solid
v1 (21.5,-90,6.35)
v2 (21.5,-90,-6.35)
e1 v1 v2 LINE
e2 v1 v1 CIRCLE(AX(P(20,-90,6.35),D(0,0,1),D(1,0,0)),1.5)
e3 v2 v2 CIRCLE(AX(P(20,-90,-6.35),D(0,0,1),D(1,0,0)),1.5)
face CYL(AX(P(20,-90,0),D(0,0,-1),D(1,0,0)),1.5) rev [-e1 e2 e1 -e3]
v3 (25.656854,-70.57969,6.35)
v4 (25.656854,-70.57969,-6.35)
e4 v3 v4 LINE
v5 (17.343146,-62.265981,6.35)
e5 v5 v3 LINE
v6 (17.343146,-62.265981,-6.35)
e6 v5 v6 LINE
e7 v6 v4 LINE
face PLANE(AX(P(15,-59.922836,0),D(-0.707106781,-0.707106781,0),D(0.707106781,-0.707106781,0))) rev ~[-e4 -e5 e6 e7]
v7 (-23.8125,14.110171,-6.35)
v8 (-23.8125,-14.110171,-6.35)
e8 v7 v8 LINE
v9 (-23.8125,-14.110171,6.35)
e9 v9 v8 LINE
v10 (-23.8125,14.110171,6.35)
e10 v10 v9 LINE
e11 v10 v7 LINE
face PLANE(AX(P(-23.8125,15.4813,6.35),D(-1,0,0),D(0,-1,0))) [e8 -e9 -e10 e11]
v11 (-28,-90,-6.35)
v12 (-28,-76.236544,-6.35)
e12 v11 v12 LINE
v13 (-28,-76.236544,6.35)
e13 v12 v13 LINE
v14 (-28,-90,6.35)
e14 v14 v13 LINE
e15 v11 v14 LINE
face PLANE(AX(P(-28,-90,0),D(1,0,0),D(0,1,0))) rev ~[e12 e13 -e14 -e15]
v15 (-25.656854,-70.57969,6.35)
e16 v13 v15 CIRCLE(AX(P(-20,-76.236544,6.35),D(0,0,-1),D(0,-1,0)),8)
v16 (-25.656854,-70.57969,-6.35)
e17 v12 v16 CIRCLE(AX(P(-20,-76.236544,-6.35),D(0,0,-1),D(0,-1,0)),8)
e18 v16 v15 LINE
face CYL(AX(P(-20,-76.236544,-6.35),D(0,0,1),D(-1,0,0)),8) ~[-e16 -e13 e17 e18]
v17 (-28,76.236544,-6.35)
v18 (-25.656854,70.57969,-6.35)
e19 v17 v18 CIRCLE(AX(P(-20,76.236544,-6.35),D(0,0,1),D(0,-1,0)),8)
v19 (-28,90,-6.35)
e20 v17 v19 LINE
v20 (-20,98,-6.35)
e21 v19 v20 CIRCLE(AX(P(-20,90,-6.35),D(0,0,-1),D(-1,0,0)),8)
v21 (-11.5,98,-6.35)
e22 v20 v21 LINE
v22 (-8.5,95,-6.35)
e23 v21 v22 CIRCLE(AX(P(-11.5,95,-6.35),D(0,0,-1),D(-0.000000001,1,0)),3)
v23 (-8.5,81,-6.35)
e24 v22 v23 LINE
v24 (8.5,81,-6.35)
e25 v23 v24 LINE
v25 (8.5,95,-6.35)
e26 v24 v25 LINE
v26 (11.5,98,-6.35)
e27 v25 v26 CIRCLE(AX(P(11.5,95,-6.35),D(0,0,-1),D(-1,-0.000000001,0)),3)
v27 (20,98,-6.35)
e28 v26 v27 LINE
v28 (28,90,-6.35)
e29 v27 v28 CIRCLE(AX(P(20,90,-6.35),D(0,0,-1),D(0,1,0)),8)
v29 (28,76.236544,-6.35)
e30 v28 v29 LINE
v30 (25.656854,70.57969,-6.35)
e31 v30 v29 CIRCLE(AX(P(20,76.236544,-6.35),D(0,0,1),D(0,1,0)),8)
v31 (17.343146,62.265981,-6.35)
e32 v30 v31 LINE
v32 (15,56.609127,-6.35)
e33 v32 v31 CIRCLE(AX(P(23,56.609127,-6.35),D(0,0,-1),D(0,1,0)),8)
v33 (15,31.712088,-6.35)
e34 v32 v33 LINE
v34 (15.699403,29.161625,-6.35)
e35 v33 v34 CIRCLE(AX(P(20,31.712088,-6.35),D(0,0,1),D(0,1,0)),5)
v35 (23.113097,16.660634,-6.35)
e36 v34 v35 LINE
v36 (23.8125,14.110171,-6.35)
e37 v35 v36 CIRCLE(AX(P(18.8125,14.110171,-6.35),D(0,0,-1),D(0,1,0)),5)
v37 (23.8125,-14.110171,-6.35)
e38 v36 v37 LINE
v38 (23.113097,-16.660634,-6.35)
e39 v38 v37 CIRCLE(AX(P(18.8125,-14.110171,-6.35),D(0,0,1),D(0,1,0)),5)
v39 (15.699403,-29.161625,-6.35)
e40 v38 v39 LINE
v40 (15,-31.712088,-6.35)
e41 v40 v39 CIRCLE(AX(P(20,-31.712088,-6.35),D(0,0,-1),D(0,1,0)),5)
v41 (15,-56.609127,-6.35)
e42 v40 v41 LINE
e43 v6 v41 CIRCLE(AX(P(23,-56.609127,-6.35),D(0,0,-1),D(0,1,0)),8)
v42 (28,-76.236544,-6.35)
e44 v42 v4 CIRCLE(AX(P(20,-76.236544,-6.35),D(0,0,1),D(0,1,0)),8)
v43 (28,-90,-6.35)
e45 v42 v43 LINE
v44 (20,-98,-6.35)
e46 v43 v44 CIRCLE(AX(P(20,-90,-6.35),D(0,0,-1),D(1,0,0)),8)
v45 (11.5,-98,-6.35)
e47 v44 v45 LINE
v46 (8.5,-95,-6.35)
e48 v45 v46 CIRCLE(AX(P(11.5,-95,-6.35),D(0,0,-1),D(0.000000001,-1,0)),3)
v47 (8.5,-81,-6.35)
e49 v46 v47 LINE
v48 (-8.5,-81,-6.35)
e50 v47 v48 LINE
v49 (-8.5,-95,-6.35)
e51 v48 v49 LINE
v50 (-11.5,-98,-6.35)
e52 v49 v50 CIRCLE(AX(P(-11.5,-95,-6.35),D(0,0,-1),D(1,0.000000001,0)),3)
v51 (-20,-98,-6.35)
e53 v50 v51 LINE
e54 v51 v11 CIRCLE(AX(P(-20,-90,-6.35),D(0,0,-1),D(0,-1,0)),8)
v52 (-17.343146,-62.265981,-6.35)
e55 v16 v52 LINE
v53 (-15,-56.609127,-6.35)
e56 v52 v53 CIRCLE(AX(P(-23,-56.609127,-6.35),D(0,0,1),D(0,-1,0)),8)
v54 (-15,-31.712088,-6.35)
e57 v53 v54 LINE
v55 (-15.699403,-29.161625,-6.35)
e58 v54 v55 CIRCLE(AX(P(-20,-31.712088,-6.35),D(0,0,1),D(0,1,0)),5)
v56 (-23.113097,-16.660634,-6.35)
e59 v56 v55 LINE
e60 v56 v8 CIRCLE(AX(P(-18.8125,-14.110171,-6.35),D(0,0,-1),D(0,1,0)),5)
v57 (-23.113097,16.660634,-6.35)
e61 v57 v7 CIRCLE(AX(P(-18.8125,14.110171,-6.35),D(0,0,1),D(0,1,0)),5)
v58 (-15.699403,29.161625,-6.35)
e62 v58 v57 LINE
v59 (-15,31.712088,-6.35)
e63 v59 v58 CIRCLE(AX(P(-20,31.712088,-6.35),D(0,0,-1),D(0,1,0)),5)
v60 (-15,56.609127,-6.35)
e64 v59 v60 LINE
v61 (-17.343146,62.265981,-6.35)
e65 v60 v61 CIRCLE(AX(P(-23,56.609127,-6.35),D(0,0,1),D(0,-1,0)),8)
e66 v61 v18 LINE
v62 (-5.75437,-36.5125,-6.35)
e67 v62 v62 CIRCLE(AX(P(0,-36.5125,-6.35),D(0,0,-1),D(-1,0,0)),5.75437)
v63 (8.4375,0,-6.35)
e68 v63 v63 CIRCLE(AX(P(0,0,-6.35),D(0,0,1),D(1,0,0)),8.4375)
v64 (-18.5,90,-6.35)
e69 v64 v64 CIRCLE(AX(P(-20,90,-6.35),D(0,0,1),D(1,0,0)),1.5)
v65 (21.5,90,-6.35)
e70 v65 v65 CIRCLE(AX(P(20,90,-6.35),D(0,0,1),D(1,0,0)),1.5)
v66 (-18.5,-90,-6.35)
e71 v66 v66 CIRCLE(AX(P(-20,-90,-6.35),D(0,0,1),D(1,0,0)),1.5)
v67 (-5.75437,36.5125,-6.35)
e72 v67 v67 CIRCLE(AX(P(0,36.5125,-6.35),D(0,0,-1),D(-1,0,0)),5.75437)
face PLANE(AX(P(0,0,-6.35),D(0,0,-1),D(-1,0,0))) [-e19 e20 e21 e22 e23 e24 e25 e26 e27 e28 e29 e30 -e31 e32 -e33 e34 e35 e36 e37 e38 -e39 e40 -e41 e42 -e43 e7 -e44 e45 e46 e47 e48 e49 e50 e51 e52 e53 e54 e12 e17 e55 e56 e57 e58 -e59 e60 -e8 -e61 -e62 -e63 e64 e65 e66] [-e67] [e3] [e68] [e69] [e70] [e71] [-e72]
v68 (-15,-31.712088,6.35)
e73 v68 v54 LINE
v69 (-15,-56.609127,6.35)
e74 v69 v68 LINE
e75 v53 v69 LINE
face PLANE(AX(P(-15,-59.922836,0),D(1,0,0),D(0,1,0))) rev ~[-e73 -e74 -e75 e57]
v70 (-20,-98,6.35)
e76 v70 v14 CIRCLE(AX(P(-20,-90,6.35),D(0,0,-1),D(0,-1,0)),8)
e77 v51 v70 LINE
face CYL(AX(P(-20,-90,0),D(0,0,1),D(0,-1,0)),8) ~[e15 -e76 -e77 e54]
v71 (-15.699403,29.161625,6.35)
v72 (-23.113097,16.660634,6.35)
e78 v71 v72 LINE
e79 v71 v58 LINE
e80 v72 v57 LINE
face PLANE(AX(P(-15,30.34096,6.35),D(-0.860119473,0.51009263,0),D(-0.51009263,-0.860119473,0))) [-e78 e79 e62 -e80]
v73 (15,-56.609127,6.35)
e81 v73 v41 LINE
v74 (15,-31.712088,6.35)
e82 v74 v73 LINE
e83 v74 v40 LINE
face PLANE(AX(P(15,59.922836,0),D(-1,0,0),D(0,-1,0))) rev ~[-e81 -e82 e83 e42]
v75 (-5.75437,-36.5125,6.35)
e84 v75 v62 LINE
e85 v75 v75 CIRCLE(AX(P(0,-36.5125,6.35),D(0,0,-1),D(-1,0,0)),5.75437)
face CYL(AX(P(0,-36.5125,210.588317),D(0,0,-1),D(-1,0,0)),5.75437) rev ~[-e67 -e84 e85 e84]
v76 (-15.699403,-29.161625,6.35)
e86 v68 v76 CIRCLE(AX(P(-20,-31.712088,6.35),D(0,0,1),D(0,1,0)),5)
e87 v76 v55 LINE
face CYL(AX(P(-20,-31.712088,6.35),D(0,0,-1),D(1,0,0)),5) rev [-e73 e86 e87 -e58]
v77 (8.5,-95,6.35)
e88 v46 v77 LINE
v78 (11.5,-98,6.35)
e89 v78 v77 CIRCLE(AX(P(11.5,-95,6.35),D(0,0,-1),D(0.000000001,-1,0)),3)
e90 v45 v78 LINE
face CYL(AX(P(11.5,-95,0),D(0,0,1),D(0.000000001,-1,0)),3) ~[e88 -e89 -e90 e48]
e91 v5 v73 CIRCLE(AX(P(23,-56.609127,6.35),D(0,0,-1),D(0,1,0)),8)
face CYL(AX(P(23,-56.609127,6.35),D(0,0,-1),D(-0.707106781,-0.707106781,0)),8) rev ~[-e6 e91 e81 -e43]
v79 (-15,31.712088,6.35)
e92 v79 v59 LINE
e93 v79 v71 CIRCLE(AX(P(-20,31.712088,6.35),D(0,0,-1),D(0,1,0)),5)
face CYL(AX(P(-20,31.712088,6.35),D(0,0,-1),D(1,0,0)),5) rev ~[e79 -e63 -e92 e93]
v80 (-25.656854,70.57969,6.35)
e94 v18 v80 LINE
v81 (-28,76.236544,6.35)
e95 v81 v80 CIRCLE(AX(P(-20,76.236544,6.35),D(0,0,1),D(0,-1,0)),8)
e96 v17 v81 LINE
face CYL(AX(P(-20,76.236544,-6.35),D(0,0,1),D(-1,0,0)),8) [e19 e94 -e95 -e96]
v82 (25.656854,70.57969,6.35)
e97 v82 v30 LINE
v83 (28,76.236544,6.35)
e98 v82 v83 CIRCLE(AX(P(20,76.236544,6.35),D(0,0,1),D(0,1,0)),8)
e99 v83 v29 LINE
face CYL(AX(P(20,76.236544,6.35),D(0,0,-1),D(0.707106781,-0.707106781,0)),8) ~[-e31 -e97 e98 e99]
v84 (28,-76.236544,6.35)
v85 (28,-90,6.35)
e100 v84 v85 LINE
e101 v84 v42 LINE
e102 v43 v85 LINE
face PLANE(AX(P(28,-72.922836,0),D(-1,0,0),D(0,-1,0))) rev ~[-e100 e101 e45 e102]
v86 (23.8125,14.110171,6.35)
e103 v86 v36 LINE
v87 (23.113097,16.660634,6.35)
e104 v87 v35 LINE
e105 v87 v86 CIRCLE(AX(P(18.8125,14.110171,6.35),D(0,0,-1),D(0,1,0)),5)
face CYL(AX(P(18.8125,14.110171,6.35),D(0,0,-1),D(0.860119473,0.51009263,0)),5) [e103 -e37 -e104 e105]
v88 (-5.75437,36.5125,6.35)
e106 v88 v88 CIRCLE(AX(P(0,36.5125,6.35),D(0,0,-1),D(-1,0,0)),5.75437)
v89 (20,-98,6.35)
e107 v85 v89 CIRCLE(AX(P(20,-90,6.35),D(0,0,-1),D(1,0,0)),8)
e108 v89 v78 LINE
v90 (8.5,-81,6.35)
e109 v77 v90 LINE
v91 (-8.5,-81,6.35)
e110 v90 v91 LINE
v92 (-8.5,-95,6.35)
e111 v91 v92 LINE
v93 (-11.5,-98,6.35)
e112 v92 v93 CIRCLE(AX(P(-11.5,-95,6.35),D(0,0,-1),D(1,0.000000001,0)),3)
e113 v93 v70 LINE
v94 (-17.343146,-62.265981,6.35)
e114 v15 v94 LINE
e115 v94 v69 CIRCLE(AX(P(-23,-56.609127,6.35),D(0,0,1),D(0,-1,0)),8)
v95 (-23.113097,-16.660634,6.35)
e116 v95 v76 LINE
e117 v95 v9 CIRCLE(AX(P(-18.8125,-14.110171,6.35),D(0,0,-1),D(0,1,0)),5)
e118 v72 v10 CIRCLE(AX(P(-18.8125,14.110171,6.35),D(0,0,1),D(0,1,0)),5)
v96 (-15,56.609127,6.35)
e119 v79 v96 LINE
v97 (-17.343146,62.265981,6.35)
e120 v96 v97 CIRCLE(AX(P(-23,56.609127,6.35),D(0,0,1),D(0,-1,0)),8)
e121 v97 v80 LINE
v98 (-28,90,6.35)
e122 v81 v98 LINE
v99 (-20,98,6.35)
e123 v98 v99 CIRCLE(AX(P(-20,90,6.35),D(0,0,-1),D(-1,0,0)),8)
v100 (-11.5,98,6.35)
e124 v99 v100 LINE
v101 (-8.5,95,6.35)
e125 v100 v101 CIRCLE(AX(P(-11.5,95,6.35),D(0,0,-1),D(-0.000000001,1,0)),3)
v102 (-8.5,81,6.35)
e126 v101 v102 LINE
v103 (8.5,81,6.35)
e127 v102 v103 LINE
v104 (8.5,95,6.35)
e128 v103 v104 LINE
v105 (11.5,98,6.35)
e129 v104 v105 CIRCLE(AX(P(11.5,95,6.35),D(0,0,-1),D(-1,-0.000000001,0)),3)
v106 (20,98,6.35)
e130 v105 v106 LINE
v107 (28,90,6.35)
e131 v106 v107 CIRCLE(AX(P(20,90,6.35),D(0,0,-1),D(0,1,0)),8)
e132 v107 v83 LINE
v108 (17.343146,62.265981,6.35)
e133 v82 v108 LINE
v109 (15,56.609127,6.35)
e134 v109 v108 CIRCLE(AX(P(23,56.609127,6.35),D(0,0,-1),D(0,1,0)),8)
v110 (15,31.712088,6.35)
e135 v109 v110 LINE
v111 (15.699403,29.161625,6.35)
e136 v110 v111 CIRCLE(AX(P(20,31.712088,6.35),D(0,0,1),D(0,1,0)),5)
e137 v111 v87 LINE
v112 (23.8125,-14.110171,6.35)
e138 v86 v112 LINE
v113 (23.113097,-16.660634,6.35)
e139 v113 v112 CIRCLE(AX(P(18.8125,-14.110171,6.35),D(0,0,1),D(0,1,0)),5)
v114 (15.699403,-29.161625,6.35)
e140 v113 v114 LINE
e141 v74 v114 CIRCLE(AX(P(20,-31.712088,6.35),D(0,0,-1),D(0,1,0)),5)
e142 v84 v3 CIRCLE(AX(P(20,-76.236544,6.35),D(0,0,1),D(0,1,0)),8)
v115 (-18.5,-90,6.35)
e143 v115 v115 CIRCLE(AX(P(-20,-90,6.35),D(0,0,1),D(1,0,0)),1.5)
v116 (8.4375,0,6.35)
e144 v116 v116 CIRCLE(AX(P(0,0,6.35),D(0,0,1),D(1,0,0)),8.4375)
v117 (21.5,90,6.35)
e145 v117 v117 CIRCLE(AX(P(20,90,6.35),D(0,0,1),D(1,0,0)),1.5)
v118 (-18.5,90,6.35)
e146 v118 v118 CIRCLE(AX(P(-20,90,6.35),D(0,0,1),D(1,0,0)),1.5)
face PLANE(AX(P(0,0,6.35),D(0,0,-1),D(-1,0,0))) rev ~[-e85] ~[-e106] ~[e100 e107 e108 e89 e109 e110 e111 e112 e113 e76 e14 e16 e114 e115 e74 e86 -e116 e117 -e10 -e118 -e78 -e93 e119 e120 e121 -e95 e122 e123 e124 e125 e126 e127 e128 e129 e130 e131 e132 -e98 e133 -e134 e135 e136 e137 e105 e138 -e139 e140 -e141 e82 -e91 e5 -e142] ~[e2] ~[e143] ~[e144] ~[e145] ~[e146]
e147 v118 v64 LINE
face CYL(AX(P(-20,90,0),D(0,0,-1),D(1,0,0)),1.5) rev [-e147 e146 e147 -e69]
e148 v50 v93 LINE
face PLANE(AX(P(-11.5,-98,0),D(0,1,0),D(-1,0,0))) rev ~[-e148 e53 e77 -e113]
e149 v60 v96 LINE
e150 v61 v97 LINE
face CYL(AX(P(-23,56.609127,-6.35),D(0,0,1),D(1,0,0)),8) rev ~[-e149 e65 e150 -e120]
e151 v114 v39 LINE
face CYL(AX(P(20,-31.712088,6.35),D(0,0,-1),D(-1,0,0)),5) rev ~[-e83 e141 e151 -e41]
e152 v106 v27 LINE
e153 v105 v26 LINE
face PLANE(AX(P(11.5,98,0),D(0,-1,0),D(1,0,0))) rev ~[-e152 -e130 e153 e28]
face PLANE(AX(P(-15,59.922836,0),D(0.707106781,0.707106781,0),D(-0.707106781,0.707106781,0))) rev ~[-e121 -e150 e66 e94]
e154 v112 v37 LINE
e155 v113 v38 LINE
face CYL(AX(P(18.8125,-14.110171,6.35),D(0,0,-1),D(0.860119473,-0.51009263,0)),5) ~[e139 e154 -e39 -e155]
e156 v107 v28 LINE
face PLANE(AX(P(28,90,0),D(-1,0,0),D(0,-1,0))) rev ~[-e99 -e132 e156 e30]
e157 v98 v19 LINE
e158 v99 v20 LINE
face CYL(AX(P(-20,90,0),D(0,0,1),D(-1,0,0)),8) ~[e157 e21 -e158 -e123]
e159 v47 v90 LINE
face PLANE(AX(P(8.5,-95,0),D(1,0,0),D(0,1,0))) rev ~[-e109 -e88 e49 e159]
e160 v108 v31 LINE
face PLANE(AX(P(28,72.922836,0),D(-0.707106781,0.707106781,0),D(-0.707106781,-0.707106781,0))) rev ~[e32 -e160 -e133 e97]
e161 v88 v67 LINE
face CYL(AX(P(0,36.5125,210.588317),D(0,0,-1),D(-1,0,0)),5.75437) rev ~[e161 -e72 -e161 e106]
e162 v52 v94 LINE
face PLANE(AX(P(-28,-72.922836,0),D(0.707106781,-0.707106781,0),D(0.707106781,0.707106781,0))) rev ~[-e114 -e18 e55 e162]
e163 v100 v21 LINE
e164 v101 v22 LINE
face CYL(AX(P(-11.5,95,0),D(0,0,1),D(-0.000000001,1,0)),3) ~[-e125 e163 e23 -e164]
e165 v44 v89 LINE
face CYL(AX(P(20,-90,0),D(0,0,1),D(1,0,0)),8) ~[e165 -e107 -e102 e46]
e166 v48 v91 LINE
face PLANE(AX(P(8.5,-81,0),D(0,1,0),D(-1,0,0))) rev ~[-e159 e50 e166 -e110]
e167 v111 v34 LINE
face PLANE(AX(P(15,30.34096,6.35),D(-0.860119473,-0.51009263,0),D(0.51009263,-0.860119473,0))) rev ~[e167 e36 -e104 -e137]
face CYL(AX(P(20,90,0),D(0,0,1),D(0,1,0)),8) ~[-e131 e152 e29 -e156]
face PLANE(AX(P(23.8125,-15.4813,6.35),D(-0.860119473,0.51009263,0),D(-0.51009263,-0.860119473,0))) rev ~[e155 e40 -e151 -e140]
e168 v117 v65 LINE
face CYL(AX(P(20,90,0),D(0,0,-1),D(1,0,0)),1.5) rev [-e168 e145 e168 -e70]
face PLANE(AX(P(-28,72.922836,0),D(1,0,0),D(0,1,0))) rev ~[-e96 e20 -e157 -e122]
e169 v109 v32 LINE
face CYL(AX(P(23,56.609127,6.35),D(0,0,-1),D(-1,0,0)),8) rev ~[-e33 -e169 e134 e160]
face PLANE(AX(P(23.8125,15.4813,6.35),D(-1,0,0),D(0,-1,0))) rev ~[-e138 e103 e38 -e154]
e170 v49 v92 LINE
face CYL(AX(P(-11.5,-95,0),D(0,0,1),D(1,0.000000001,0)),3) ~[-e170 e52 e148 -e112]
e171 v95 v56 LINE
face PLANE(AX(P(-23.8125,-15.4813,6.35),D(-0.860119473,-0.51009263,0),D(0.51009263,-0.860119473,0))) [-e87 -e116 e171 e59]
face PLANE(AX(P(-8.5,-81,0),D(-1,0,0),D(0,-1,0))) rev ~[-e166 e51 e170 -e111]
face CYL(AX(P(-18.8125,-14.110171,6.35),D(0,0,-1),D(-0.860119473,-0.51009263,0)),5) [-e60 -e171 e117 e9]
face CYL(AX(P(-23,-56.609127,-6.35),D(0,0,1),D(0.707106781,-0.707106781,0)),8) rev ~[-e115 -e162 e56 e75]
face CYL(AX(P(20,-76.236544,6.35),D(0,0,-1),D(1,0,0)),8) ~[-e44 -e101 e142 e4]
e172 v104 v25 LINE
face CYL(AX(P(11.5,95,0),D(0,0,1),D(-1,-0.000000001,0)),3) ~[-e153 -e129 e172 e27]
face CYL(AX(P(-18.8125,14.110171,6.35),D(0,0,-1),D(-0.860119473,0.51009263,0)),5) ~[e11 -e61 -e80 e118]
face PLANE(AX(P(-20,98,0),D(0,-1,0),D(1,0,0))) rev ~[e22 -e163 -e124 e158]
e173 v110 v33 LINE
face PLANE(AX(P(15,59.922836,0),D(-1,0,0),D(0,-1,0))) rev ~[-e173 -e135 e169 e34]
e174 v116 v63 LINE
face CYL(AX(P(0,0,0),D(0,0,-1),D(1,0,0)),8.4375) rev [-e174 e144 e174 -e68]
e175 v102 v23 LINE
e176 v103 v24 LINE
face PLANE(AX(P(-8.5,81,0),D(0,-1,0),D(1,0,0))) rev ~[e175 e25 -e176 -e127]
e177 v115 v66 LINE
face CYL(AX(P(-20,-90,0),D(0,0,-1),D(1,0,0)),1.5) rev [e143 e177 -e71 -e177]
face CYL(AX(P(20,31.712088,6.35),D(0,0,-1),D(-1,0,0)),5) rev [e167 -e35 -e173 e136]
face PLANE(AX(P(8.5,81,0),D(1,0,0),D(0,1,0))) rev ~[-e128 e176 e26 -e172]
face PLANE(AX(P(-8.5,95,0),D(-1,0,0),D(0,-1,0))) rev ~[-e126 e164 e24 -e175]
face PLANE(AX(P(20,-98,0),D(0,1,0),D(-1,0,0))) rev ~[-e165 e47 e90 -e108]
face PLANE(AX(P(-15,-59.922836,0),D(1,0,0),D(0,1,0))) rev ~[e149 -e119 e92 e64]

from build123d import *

# Parameters (mm, degrees)
SKETCH1_R                = 8.4375
SKETCH1_R_2              = 1.5
BOSS_EXTRUDE1_DEPTH      = 6.35
FILLET1_R                = 8
F_7_16_CLEARANCE_HOLE4_D = 11.50874
BOSS_EXTRUDE2_DEPTH      = 12.7
FILLET2_R                = 5


with BuildPart() as part:
    # Sketch1 → Boss-Extrude1 (new body, symmetric)
    with BuildSketch(Plane.XY):
        with BuildLine():
            Line((-28, 72.922835534), (-28, 90))
            ThreePointArc((-28, 90), (-25.656854249, 95.656854249), (-20, 98))
            Line((-20, 98), (-11.5, 98))
            ThreePointArc((-11.5, 98), (-9.378679656, 97.121320344), (-8.5, 95))
            Line((-8.5, 95), (-8.5, 81))
            Line((-8.5, 81), (8.5, 81))
            Line((8.5, 81), (8.5, 95))
            ThreePointArc((8.5, 95), (9.378679656, 97.121320344), (11.5, 98))
            Line((11.5, 98), (20, 98))
            ThreePointArc((20, 98), (25.656854249, 95.656854249), (28, 90))
            Line((28, 90), (28, 72.922835534))
            Line((28, 72.922835534), (15, 59.922835534))
            Line((15, 59.922835534), (15, -59.922835534))
            Line((15, -59.922835534), (28, -72.922835534))
            Line((28, -72.922835534), (28, -90))
            ThreePointArc((28, -90), (25.656854249, -95.656854249), (20, -98))
            Line((20, -98), (11.5, -98))
            ThreePointArc((11.5, -98), (9.378679656, -97.121320344), (8.5, -95))
            Line((8.5, -95), (8.5, -81))
            Line((8.5, -81), (-8.5, -81))
            Line((-8.5, -81), (-8.5, -95))
            ThreePointArc((-8.5, -95), (-9.378679656, -97.121320344), (-11.5, -98))
            Line((-11.5, -98), (-20, -98))
            ThreePointArc((-20, -98), (-25.656854249, -95.656854249), (-28, -90))
            Line((-28, -90), (-28, -72.922835534))
            Line((-28, -72.922835534), (-15, -59.922835534))
            Line((-15, -59.922835534), (-15, 59.922835534))
            Line((-15, 59.922835534), (-28, 72.922835534))
        make_face()
        Circle(SKETCH1_R, mode=Mode.SUBTRACT)
        with Locations((-20, 90)):
            Circle(SKETCH1_R_2, mode=Mode.SUBTRACT)
        with Locations((20, 90)):
            Circle(SKETCH1_R_2, mode=Mode.SUBTRACT)
        with Locations((20, -90)):
            Circle(SKETCH1_R_2, mode=Mode.SUBTRACT)
        with Locations((-20, -90)):
            Circle(SKETCH1_R_2, mode=Mode.SUBTRACT)
    extrude(amount=BOSS_EXTRUDE1_DEPTH, both=True)

    # Fillet1
    fillet1_edges = [part.edges().sort_by_distance(p)[0] for p in [
        (-28, 72.922835534, 0),
        (28, 72.922835534, 0),
        (15, 59.922835534, 0),
        (15, -59.922835534, 0),
        (28, -72.922835534, 0),
        (-28, -72.922835534, 0),
        (-15, -59.922835534, 0),
        (-15, 59.922835534, 0),
    ]]
    fillet(fillet1_edges, radius=FILLET1_R)

    # 7/16 Clearance Hole4 (through all)
    with Locations(Plane.XY.offset(6.35)):
        with Locations((0, 36.5125), (0, -36.5125)):
            Hole(F_7_16_CLEARANCE_HOLE4_D / 2)

    # Sketch6 → Boss-Extrude2 (add)
    with BuildSketch(Plane.XY.offset(6.35)):
        Polygon((-15, 30.340959615), (-23.8125, 15.4813), (-23.8125, -15.4813), (-15, -30.340959615), align=None)
        Polygon((23.8125, -15.4813), (15, -30.340959615), (15, 30.340959615), (23.8125, 15.4813), align=None)
    extrude(amount=-BOSS_EXTRUDE2_DEPTH)

    # Fillet2
    fillet2_edges = [part.edges().sort_by_distance(p)[0] for p in [
        (-23.8125, 15.4813, 0),
        (-23.8125, -15.4813, 0),
        (-15, -30.340959615, 0),
        (-15, 30.340959615, 0),
        (15, 30.340959615, 0),
        (15, -30.340959615, 0),
        (23.8125, -15.4813, 0),
        (23.8125, 15.4813, 0),
    ]]
    fillet(fillet2_edges, radius=FILLET2_R)


solid = part.part
